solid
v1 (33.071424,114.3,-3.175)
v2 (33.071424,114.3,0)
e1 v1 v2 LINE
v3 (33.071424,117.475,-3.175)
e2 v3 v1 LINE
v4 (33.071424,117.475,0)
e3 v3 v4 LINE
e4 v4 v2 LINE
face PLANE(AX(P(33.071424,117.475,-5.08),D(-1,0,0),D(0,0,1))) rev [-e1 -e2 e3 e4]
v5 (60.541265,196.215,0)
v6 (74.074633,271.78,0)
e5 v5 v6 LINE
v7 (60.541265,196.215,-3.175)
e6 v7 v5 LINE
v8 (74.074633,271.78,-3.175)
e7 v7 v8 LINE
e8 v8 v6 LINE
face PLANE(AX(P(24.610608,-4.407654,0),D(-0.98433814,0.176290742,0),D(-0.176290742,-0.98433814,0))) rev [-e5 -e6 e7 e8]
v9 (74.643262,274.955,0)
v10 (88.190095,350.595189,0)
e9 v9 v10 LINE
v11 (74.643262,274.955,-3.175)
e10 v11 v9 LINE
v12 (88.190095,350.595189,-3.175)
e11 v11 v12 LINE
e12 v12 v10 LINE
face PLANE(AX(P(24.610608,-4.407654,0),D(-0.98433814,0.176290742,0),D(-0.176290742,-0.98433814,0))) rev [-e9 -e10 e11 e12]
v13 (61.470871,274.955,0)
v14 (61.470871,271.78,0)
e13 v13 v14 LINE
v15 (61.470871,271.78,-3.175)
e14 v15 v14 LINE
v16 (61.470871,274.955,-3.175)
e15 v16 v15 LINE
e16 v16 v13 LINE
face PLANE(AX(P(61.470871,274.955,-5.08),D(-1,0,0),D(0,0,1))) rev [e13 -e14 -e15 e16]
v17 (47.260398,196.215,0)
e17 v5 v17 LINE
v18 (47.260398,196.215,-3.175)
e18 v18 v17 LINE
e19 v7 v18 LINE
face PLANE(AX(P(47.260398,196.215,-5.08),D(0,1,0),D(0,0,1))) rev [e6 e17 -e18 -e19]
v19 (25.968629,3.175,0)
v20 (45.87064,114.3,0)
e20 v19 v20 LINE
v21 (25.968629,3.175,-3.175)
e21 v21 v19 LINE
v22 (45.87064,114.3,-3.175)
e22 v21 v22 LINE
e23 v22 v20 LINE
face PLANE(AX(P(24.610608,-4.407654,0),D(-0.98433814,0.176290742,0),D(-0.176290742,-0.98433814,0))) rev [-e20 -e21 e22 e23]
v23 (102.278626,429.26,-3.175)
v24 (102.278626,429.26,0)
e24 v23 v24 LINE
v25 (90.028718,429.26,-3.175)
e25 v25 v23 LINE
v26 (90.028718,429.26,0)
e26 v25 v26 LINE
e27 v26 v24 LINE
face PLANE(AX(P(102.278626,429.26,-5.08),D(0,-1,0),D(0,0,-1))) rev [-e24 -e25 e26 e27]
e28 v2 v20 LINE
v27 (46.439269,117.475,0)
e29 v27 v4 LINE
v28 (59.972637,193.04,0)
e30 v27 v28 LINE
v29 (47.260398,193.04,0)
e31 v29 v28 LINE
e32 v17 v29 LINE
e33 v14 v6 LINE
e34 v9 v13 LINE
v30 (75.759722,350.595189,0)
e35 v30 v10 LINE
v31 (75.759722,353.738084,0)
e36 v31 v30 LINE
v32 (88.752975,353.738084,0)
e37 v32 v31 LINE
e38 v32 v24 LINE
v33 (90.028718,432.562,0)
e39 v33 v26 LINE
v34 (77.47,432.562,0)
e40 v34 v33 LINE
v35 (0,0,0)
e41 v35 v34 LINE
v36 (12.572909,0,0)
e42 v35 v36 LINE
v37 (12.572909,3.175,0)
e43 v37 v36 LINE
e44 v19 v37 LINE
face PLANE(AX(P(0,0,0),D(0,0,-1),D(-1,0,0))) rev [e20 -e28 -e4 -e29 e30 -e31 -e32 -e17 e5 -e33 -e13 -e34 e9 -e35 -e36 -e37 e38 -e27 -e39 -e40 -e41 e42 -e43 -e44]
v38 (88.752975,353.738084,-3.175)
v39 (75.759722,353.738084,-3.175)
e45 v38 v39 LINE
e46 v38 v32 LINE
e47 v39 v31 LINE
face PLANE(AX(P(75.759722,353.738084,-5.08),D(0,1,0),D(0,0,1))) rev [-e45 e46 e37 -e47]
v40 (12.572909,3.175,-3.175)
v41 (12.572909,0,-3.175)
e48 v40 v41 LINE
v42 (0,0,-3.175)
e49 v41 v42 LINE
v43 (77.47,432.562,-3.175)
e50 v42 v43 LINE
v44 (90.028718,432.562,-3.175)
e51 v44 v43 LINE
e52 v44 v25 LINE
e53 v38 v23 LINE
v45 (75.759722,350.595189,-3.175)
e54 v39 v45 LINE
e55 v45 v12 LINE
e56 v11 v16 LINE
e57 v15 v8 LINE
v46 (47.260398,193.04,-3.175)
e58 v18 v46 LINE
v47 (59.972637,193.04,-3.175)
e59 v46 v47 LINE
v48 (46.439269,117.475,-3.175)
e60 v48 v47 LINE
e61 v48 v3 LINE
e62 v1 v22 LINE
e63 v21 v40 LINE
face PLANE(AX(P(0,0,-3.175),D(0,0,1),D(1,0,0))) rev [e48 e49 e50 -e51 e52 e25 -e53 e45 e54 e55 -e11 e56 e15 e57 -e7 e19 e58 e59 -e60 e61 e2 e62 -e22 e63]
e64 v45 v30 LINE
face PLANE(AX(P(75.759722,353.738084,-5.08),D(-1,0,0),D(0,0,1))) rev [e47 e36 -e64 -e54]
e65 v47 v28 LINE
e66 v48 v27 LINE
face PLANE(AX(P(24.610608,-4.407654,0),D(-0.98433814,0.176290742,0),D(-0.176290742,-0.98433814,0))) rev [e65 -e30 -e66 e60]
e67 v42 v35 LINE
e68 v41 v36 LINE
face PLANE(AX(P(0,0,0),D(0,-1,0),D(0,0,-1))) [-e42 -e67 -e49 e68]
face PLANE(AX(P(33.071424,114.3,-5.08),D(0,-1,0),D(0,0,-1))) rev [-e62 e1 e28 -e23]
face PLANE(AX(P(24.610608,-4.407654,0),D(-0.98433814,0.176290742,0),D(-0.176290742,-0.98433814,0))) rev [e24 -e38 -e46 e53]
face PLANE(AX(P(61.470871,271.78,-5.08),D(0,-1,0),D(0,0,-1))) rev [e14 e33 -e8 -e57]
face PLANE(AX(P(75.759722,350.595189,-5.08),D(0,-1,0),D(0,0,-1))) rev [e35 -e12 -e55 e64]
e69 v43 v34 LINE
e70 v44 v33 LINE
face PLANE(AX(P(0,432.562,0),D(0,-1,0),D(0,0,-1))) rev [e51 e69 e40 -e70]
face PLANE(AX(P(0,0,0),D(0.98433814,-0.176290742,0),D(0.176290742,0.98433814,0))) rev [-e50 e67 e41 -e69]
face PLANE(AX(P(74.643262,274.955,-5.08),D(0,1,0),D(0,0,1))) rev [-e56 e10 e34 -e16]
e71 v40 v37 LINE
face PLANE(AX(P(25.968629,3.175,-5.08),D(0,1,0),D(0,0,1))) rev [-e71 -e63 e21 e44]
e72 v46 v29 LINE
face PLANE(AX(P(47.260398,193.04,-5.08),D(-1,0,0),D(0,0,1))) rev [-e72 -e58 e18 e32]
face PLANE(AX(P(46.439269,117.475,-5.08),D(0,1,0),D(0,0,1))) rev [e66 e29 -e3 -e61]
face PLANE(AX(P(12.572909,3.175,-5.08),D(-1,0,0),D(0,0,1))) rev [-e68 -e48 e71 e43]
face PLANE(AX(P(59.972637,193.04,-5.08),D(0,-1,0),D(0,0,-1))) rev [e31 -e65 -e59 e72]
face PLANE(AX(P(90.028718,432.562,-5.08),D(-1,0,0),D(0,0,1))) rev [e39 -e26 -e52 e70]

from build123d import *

# Parameters (mm, degrees)
SKETCH1_W          = 25.4
SKETCH1_H          = 3.175
SKETCH2_W          = 25.4
SKETCH2_H          = 3.175
CUT_EXTRUDE1_DEPTH = 5.08


with BuildPart() as part:
    # Sketch1 → Loft1 section 0
    with BuildSketch(Plane(origin=(0, 0, 0), x_dir=(1, 0, 0), z_dir=(0, 1, 0))):
        with Locations((12.7, 1.5875)):
            Rectangle(SKETCH1_W, SKETCH1_H)
    # Sketch2 → Loft1 section 1
    with BuildSketch(Plane(origin=(0, 432.562, 0), x_dir=(1, 0, 0), z_dir=(0, 1, 0))):
        with Locations((90.17, 1.5875)):
            Rectangle(SKETCH2_W, SKETCH2_H)
    loft()

    # Sketch3 → Cut-Extrude1 (cut)
    with BuildSketch(Plane.XY):
        Polygon((90.028717652, 432.562), (90.028717652, 429.26), (102.278625954, 429.26), (102.87, 432.562), align=None)
        Polygon((12.572909357, 3.175), (12.572909357, 0), (25.4, 0), (25.96862889, 3.175), align=None)
        Polygon((33.071424259, 117.475), (33.071424259, 114.3), (45.870640047, 114.3), (46.439268937, 117.475), align=None)
        Polygon((75.759721917, 353.738084411), (75.759721917, 350.595188566), (88.190095427, 350.595188566), (88.752974601, 353.738084411), align=None)
        Polygon((61.470871422, 274.955), (61.470871422, 271.78), (74.074633001, 271.78), (74.643261891, 274.955), align=None)
        Polygon((47.260398049, 193.04), (47.260398049, 196.215), (60.541265414, 196.215), (59.972636524, 193.04), align=None)
    extrude(amount=-CUT_EXTRUDE1_DEPTH, mode=Mode.SUBTRACT)


solid = part.part
